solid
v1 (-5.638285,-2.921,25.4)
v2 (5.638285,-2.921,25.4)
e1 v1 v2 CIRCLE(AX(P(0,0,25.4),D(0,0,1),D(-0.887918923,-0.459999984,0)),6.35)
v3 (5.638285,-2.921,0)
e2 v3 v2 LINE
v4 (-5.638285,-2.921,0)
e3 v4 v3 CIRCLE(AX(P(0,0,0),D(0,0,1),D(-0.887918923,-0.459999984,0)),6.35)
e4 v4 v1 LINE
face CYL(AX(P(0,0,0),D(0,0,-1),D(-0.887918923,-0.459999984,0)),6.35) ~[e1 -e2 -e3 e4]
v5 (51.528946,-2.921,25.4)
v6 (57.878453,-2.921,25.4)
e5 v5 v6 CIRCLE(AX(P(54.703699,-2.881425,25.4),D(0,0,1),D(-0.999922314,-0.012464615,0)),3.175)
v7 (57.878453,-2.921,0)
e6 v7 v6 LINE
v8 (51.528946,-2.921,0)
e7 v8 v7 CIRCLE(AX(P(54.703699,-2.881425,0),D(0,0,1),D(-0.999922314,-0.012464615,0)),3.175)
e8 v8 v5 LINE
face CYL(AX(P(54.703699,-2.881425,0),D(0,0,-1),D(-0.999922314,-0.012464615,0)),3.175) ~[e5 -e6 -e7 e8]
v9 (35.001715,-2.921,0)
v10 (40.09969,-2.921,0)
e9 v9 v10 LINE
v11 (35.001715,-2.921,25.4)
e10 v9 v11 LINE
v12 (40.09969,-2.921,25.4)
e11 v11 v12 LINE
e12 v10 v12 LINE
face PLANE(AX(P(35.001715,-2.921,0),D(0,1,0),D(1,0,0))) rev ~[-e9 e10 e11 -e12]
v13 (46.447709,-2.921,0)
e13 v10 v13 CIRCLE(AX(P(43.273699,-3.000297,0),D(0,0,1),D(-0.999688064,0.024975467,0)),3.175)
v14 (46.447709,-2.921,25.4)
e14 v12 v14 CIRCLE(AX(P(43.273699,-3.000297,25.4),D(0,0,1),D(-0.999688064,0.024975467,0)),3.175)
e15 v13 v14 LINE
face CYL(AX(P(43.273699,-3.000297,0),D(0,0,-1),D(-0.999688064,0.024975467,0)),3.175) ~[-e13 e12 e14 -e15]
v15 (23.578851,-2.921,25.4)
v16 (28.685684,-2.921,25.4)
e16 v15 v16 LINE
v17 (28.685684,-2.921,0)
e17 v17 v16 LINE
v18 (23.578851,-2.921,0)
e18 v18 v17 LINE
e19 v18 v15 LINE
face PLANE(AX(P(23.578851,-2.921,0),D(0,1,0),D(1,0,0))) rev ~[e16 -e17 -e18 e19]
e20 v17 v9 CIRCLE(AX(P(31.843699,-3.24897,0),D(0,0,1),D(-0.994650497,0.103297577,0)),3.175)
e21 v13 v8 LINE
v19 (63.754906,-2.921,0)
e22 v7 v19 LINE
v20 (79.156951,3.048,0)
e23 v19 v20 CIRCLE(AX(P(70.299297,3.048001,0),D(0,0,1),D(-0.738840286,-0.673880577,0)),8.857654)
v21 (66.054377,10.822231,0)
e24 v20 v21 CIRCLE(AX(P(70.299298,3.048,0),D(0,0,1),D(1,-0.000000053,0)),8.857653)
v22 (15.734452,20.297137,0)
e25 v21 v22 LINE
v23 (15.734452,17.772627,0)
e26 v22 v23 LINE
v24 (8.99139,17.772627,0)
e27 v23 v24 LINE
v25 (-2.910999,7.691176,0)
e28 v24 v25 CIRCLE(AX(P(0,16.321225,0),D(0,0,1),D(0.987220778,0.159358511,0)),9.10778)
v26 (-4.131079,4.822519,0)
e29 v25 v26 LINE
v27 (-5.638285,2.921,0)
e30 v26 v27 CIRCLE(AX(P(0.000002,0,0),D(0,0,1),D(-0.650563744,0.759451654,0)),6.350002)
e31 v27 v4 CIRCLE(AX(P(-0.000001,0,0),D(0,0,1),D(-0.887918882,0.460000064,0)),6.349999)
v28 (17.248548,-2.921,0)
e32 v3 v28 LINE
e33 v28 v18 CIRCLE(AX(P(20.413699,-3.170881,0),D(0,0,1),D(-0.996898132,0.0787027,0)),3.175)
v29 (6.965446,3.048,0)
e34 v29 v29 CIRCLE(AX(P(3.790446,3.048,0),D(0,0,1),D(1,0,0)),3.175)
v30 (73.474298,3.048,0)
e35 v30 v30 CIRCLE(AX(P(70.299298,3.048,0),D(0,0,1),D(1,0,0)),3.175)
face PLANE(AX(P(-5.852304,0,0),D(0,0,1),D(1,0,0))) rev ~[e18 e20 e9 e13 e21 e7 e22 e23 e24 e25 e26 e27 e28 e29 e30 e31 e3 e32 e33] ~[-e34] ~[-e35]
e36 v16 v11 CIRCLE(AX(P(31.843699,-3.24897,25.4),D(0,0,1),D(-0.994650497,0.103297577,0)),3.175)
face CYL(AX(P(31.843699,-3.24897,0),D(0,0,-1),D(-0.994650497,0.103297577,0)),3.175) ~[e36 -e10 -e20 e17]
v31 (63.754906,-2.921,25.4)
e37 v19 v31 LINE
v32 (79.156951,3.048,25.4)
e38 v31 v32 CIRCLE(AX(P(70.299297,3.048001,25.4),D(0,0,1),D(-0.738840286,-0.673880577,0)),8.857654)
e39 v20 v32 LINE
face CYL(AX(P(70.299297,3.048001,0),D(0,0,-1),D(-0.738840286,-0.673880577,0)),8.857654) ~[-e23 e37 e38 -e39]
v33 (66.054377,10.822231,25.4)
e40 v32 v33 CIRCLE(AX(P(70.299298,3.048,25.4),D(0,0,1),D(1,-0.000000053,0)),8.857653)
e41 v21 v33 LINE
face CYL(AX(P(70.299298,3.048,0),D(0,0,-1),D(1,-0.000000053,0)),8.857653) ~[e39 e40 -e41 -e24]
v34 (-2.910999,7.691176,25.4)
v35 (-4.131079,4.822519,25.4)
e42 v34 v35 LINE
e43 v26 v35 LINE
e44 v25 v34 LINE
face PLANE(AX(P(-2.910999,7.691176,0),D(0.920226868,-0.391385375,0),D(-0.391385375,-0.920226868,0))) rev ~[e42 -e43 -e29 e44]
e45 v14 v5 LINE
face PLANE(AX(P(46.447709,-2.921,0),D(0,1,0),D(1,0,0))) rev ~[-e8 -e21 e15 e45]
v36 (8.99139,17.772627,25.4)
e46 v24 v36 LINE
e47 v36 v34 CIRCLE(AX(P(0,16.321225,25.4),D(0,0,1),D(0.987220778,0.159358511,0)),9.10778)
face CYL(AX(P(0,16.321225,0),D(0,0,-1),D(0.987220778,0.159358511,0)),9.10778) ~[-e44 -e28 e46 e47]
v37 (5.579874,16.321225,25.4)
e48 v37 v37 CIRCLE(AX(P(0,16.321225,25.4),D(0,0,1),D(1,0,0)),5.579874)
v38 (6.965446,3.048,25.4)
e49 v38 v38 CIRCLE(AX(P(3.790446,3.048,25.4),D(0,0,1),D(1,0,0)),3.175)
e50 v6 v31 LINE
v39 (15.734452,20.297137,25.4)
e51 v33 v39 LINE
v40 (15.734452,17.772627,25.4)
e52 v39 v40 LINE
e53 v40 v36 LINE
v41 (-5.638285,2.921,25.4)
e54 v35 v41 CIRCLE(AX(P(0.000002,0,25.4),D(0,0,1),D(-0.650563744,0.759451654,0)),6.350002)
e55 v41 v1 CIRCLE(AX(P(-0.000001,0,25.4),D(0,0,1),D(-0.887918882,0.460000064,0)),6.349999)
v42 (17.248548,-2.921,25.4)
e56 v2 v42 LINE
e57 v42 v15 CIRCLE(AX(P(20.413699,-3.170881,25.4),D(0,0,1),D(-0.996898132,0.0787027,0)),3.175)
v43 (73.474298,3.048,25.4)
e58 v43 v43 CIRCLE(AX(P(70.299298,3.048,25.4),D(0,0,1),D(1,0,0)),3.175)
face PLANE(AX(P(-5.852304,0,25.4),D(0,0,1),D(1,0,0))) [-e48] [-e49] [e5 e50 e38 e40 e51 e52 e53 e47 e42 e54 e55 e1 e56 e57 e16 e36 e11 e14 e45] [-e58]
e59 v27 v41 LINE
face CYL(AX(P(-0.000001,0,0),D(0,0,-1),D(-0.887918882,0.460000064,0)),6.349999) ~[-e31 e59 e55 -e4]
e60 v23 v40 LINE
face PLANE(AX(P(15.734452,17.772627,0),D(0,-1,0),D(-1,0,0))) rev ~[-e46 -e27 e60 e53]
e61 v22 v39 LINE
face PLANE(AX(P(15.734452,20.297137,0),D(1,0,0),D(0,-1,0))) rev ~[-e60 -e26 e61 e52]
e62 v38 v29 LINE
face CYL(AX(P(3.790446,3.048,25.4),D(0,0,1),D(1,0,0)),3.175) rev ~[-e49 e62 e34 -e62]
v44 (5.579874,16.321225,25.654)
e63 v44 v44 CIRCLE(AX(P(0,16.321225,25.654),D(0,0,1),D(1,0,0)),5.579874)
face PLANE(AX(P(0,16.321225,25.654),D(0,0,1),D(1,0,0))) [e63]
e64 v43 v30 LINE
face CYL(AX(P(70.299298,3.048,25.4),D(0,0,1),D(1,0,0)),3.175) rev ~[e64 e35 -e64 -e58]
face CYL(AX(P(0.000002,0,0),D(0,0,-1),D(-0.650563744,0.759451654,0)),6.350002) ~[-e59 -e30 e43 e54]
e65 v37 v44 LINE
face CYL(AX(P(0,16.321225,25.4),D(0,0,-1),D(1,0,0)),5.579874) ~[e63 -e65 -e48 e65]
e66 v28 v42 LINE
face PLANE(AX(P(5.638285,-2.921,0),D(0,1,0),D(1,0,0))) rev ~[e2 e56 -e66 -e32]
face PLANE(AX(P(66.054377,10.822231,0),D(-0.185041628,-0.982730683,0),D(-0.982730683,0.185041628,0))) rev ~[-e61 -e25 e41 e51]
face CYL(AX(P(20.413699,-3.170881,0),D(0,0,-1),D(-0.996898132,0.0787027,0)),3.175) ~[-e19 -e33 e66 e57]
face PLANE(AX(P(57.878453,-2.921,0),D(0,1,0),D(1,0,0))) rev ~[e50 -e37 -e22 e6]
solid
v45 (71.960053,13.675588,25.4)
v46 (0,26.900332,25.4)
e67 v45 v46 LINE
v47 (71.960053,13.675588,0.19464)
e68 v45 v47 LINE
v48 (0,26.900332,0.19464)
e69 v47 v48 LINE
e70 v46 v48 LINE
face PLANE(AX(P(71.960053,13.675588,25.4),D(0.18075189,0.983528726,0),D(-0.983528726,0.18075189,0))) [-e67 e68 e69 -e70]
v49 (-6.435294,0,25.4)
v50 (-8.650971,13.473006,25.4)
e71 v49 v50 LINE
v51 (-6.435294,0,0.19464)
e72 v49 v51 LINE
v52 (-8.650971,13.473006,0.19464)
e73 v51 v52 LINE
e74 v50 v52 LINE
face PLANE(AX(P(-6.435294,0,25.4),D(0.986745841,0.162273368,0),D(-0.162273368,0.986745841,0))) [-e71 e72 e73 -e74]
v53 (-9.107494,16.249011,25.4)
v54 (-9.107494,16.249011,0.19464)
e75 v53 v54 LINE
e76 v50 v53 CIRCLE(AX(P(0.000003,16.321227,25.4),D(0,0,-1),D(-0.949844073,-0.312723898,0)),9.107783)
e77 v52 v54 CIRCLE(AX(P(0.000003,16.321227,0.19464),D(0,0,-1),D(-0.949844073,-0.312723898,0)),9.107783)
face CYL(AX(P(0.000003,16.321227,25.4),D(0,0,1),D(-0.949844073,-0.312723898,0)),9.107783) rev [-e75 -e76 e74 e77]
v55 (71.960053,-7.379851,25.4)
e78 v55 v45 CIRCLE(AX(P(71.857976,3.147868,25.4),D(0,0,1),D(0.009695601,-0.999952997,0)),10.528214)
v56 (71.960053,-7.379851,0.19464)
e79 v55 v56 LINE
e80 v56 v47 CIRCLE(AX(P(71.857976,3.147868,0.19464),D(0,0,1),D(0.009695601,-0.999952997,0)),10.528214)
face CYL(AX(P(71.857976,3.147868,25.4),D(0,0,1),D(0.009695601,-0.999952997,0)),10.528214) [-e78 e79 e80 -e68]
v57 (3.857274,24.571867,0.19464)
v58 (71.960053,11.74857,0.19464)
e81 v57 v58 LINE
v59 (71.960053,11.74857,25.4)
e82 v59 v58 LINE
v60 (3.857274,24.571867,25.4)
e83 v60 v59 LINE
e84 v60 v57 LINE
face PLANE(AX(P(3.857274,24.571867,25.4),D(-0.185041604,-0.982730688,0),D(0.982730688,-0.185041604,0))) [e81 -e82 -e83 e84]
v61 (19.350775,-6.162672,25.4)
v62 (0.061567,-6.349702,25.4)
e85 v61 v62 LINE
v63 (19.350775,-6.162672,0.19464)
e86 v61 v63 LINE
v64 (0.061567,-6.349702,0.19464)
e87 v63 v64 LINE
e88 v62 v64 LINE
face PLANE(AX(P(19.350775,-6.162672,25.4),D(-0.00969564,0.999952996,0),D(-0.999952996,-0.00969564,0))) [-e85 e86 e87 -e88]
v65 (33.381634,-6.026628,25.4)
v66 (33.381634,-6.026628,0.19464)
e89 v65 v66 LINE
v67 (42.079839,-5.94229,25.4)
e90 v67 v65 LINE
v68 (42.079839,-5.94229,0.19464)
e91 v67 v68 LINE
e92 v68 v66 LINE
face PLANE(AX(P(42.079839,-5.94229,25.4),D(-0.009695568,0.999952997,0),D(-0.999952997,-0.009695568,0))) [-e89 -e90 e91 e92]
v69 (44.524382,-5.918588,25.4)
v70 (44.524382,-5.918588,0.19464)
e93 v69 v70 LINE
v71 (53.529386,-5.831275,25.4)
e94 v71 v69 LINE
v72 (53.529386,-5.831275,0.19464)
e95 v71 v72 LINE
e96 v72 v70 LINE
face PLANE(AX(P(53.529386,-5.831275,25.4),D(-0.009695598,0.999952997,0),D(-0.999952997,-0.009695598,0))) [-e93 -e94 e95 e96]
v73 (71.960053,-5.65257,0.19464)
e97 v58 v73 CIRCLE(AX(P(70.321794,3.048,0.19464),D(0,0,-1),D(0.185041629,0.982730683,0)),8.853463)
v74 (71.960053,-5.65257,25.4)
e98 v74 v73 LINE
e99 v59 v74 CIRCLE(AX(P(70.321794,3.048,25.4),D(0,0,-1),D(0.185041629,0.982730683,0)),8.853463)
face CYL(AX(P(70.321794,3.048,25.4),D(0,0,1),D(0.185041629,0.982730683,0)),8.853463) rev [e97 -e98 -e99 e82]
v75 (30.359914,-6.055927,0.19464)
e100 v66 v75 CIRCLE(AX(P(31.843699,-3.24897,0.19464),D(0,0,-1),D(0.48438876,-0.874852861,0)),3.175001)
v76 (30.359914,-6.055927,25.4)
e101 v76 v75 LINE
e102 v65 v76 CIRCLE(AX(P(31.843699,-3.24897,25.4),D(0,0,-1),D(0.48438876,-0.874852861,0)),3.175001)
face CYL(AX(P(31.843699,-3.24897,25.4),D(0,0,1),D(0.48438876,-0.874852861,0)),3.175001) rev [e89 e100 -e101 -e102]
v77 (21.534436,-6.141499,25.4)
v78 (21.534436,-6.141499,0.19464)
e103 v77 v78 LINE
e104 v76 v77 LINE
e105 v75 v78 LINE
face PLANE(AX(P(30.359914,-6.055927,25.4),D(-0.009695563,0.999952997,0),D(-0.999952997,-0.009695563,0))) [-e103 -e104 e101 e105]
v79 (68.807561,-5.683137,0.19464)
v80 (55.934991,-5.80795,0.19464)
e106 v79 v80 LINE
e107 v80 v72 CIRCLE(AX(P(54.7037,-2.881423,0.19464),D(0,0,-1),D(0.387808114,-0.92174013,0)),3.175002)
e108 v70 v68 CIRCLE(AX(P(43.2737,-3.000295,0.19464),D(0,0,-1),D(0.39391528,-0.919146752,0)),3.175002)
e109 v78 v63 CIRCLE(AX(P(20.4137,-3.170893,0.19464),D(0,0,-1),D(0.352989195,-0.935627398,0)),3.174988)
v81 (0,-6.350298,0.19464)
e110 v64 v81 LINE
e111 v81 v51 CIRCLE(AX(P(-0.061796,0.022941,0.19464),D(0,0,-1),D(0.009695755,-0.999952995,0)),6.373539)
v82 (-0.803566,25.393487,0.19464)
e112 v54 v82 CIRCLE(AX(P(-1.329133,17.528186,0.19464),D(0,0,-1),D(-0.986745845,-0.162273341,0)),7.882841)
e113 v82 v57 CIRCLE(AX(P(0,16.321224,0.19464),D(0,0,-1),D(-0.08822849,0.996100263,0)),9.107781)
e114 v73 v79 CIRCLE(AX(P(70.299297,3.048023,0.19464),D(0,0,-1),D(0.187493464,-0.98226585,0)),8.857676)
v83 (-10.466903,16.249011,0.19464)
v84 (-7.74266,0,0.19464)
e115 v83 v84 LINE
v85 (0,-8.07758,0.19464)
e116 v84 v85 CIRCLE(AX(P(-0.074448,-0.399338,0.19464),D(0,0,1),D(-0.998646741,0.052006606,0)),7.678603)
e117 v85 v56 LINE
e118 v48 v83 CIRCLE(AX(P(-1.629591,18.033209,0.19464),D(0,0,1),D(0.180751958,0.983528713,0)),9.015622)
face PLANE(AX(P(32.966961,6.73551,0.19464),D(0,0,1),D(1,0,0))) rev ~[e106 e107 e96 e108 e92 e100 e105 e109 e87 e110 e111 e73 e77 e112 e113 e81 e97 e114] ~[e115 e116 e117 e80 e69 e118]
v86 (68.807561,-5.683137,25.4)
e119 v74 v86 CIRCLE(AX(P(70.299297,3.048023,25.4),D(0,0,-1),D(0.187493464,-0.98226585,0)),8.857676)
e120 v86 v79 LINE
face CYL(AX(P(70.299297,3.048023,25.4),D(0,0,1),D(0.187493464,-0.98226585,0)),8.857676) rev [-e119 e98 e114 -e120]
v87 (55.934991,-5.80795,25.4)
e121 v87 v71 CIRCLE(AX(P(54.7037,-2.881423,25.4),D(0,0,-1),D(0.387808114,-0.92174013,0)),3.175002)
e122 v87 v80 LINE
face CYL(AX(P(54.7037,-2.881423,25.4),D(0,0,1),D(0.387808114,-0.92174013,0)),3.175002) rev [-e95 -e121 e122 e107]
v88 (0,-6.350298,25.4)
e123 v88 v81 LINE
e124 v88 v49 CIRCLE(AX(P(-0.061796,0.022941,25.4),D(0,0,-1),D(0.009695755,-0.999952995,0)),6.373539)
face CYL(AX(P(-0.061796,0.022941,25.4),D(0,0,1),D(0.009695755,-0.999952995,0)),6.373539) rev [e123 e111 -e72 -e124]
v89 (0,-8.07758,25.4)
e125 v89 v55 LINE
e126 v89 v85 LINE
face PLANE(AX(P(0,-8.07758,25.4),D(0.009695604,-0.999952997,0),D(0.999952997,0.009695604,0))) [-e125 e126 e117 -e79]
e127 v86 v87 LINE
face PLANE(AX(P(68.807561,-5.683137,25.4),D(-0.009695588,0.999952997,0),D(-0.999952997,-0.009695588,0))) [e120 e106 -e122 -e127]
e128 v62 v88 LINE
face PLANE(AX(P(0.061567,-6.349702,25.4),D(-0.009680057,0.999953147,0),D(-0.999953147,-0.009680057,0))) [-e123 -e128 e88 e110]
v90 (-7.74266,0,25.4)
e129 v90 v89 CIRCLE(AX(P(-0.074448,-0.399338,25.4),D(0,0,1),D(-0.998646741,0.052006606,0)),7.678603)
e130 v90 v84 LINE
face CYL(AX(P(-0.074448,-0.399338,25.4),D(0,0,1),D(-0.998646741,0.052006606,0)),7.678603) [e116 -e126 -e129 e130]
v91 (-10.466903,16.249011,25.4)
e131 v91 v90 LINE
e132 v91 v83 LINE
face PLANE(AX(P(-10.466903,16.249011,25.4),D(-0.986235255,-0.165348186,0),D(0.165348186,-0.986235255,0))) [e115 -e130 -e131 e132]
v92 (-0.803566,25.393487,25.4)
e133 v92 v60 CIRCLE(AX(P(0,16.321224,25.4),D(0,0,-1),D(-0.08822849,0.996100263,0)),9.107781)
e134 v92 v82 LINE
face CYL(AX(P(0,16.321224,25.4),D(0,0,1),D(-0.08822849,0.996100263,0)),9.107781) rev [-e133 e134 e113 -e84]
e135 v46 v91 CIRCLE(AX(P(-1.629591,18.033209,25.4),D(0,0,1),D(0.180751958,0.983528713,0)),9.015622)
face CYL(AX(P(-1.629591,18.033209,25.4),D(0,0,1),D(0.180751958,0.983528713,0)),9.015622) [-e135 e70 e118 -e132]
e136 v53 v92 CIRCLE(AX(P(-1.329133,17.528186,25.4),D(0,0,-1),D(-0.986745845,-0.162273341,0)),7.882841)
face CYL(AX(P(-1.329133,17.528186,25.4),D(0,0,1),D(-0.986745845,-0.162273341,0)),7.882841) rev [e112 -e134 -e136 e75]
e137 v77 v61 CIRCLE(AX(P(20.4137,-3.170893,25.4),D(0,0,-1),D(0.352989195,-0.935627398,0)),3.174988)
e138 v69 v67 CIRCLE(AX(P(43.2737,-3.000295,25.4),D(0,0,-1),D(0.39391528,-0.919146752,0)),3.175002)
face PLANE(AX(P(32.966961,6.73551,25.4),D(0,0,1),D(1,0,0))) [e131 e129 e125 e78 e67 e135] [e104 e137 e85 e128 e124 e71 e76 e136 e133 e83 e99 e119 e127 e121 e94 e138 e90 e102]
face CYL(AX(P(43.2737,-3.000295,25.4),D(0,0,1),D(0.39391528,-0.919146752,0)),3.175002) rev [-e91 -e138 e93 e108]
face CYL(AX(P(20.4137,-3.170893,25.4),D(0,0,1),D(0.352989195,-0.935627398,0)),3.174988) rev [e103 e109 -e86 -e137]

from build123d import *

# Parameters (mm, degrees)
F1_DEPTH = 25.4
F3_DEPTH = 25.20536
F4_R     = 5.579874
F5_DEPTH = 0.254
F6_R     = 3.175
F7_DEPTH = 44.39207
F8_R     = 3.175
F9_DEPTH = 31.86293


with BuildPart() as f1:
    # F0 (on Top) → F1 (new body)
    with BuildSketch(Plane.XY):
        with BuildLine():
            Line((-5.638285, 0), (-5.638285, 2.921))
            ThreePointArc((-5.638285, 2.921), (-6.35, 0), (-5.638285, -2.921))
            Line((-5.638285, -2.921), (-5.638285, 0))
        make_face()
        with BuildLine():
            ThreePointArc((-5.638285, -2.921), (0, -6.35), (5.638285, -2.921))
            Line((5.638285, -2.921), (-5.638285, -2.921))
        make_face()
        with BuildLine():
            ThreePointArc((79.156951, 3.048), (74.819142, 10.665679), (66.054377, 10.822231))
            Line((66.054377, 10.822231), (75.641715, 9.017))
            Line((75.641715, 9.017), (75.641715, -2.921))
            Line((75.641715, -2.921), (63.754906, -2.921))
            ThreePointArc((63.754906, -2.921), (73.500084, -5.211115), (79.156951, 3.048))
        make_face()
        with BuildLine():
            ThreePointArc((51.528946, -2.921), (54.7037, -6.056425), (57.878453, -2.921))
            Line((57.878453, -2.921), (51.528946, -2.921))
        make_face()
        with BuildLine():
            Line((46.447709, -2.921), (40.09969, -2.921))
            ThreePointArc((40.09969, -2.921), (43.2737, -6.175297), (46.447709, -2.921))
        make_face()
        with BuildLine():
            Line((35.001715, -2.921), (28.685684, -2.921))
            ThreePointArc((28.685684, -2.921), (31.8437, -6.42397), (35.001715, -2.921))
        make_face()
        with BuildLine():
            Line((23.578851, -2.921), (17.248548, -2.921))
            ThreePointArc((17.248548, -2.921), (20.4137, -6.345881), (23.578851, -2.921))
        make_face()
        with BuildLine():
            ThreePointArc((8.99139, 17.772627), (-5.886569, 23.271042), (-2.910999, 7.691176))
            ThreePointArc((-2.910999, 7.691176), (5.312199, 8.923104), (9.10778, 16.321225))
            ThreePointArc((9.10778, 16.321225), (9.078636, 17.049256), (8.99139, 17.772627))
        make_face()
        with BuildLine():
            Line((-5.638285, 2.921), (5.638285, 2.921))
            ThreePointArc((5.638285, 2.921), (1.213203, 6.233028), (-4.131079, 4.822519))
            ThreePointArc((-4.131079, 4.822519), (-4.97635, 3.944419), (-5.638285, 2.921))
        make_face()
        with BuildLine():
            Line((75.641715, 9.017), (66.054377, 10.822231))
            ThreePointArc((66.054377, 10.822231), (61.563085, 4.509714), (63.754906, -2.921))
            Line((63.754906, -2.921), (75.641715, -2.921))
            Line((75.641715, -2.921), (75.641715, 9.017))
        make_face()
        with BuildLine():
            ThreePointArc((5.638285, -2.921), (6.169506, -1.503228), (6.35, 0))
            ThreePointArc((6.35, 0), (6.169506, 1.503228), (5.638285, 2.921))
            Line((5.638285, 2.921), (-5.638285, 2.921))
            Line((-5.638285, 2.921), (-5.638285, 0))
            Line((-5.638285, 0), (-5.638285, -2.921))
            Line((-5.638285, -2.921), (5.638285, -2.921))
        make_face()
        with BuildLine():
            ThreePointArc((5.638285, 2.921), (6.169506, 1.503228), (6.35, 0))
            ThreePointArc((6.35, 0), (6.169506, -1.503228), (5.638285, -2.921))
            Line((5.638285, -2.921), (17.248548, -2.921))
            Line((17.248548, -2.921), (23.578851, -2.921))
            Line((23.578851, -2.921), (28.685684, -2.921))
            Line((28.685684, -2.921), (35.001715, -2.921))
            Line((35.001715, -2.921), (40.09969, -2.921))
            Line((40.09969, -2.921), (46.447709, -2.921))
            Line((46.447709, -2.921), (51.528946, -2.921))
            Line((51.528946, -2.921), (57.878453, -2.921))
            Line((57.878453, -2.921), (63.754906, -2.921))
            ThreePointArc((63.754906, -2.921), (61.563085, 4.509714), (66.054377, 10.822231))
            Line((66.054377, 10.822231), (15.734452, 20.297137))
            Line((15.734452, 20.297137), (15.734452, 17.772627))
            Line((15.734452, 17.772627), (15.734452, 15.979137))
            Line((15.734452, 15.979137), (11.837592, 10.647411))
            Line((11.837592, 10.647411), (5.638285, 2.921))
        make_face()
        with BuildLine():
            ThreePointArc((-4.131079, 4.822519), (1.213203, 6.233028), (5.638285, 2.921))
            Line((5.638285, 2.921), (11.837592, 10.647411))
            Line((11.837592, 10.647411), (15.734452, 15.979137))
            Line((15.734452, 15.979137), (15.734452, 17.772627))
            Line((15.734452, 17.772627), (8.99139, 17.772627))
            ThreePointArc((8.99139, 17.772627), (9.078636, 17.049256), (9.10778, 16.321225))
            ThreePointArc((9.10778, 16.321225), (5.312199, 8.923104), (-2.910999, 7.691176))
            Line((-2.910999, 7.691176), (-4.131079, 4.822519))
        make_face()
    extrude(amount=F1_DEPTH)

    # F4 (on face) → F5 (join)
    with BuildSketch(Plane.XY.offset(25.4)):
        with Locations((0, 16.321225)):
            Circle(F4_R)
    extrude(amount=F5_DEPTH)

    # F6 (on face) → F7 (cut)
    with BuildSketch(Plane.XY.offset(25.4)):
        with Locations((70.299298, 3.048)):
            Circle(F6_R)
    extrude(amount=-F7_DEPTH, mode=Mode.SUBTRACT)

    # F8 (on face) → F9 (cut)
    with BuildSketch(Plane.XY.offset(25.4)):
        with Locations((3.790446, 3.048)):
            Circle(F8_R)
    extrude(amount=-F9_DEPTH, mode=Mode.SUBTRACT)


with BuildPart() as f3:
    # F2 (on face) → F3 (new body)
    with BuildSketch(Plane.XY.offset(25.4)):
        with BuildLine():
            Line((71.960053, 13.675588), (0, 26.900332))
            ThreePointArc((0, 26.900332), (-8.060024, 24.352305), (-10.466903, 16.249011))
            Line((-10.466903, 16.249011), (-7.74266, 0))
            ThreePointArc((-7.74266, 0), (-5.617745, -5.712793), (0, -8.07758))
            Line((0, -8.07758), (71.960053, -7.379851))
            ThreePointArc((71.960053, -7.379851), (82.38619, 3.147869), (71.960053, 13.675588))
        make_face()
        with BuildLine():
            Line((3.857274, 24.571867), (71.960053, 11.74857))
            ThreePointArc((71.960053, 11.74857), (79.175257, 3.048), (71.960053, -5.65257))
            ThreePointArc((71.960053, -5.65257), (70.385178, -5.809237), (68.807561, -5.683137))
            Line((68.807561, -5.683137), (55.934991, -5.80795))
            ThreePointArc((55.934991, -5.80795), (54.734483, -6.056276), (53.529386, -5.831275))
            Line((53.529386, -5.831275), (44.524382, -5.918588))
            ThreePointArc((44.524382, -5.918588), (43.304483, -6.175148), (42.079839, -5.94229))
            Line((42.079839, -5.94229), (33.381634, -6.026628))
            ThreePointArc((33.381634, -6.026628), (31.874483, -6.423821), (30.359914, -6.055927))
            Line((30.359914, -6.055927), (21.534436, -6.141499))
            ThreePointArc((21.534436, -6.141499), (20.444483, -6.345732), (19.350775, -6.162672))
            Line((19.350775, -6.162672), (0.061567, -6.349702))
            Line((0.061567, -6.349702), (0, -6.350298))
            ThreePointArc((0, -6.350298), (-4.53851, -4.513691), (-6.435294, 0))
            Line((-6.435294, 0), (-8.650971, 13.473006))
            ThreePointArc((-8.650971, 13.473006), (-8.987064, 14.843275), (-9.107494, 16.249011))
            ThreePointArc((-9.107494, 16.249011), (-7.164895, 22.827532), (-0.803566, 25.393487))
            ThreePointArc((-0.803566, 25.393487), (1.581154, 25.290707), (3.857274, 24.571867))
        make_face(mode=Mode.SUBTRACT)
    extrude(amount=-F3_DEPTH)


solid = Compound([f1.part, f3.part])
